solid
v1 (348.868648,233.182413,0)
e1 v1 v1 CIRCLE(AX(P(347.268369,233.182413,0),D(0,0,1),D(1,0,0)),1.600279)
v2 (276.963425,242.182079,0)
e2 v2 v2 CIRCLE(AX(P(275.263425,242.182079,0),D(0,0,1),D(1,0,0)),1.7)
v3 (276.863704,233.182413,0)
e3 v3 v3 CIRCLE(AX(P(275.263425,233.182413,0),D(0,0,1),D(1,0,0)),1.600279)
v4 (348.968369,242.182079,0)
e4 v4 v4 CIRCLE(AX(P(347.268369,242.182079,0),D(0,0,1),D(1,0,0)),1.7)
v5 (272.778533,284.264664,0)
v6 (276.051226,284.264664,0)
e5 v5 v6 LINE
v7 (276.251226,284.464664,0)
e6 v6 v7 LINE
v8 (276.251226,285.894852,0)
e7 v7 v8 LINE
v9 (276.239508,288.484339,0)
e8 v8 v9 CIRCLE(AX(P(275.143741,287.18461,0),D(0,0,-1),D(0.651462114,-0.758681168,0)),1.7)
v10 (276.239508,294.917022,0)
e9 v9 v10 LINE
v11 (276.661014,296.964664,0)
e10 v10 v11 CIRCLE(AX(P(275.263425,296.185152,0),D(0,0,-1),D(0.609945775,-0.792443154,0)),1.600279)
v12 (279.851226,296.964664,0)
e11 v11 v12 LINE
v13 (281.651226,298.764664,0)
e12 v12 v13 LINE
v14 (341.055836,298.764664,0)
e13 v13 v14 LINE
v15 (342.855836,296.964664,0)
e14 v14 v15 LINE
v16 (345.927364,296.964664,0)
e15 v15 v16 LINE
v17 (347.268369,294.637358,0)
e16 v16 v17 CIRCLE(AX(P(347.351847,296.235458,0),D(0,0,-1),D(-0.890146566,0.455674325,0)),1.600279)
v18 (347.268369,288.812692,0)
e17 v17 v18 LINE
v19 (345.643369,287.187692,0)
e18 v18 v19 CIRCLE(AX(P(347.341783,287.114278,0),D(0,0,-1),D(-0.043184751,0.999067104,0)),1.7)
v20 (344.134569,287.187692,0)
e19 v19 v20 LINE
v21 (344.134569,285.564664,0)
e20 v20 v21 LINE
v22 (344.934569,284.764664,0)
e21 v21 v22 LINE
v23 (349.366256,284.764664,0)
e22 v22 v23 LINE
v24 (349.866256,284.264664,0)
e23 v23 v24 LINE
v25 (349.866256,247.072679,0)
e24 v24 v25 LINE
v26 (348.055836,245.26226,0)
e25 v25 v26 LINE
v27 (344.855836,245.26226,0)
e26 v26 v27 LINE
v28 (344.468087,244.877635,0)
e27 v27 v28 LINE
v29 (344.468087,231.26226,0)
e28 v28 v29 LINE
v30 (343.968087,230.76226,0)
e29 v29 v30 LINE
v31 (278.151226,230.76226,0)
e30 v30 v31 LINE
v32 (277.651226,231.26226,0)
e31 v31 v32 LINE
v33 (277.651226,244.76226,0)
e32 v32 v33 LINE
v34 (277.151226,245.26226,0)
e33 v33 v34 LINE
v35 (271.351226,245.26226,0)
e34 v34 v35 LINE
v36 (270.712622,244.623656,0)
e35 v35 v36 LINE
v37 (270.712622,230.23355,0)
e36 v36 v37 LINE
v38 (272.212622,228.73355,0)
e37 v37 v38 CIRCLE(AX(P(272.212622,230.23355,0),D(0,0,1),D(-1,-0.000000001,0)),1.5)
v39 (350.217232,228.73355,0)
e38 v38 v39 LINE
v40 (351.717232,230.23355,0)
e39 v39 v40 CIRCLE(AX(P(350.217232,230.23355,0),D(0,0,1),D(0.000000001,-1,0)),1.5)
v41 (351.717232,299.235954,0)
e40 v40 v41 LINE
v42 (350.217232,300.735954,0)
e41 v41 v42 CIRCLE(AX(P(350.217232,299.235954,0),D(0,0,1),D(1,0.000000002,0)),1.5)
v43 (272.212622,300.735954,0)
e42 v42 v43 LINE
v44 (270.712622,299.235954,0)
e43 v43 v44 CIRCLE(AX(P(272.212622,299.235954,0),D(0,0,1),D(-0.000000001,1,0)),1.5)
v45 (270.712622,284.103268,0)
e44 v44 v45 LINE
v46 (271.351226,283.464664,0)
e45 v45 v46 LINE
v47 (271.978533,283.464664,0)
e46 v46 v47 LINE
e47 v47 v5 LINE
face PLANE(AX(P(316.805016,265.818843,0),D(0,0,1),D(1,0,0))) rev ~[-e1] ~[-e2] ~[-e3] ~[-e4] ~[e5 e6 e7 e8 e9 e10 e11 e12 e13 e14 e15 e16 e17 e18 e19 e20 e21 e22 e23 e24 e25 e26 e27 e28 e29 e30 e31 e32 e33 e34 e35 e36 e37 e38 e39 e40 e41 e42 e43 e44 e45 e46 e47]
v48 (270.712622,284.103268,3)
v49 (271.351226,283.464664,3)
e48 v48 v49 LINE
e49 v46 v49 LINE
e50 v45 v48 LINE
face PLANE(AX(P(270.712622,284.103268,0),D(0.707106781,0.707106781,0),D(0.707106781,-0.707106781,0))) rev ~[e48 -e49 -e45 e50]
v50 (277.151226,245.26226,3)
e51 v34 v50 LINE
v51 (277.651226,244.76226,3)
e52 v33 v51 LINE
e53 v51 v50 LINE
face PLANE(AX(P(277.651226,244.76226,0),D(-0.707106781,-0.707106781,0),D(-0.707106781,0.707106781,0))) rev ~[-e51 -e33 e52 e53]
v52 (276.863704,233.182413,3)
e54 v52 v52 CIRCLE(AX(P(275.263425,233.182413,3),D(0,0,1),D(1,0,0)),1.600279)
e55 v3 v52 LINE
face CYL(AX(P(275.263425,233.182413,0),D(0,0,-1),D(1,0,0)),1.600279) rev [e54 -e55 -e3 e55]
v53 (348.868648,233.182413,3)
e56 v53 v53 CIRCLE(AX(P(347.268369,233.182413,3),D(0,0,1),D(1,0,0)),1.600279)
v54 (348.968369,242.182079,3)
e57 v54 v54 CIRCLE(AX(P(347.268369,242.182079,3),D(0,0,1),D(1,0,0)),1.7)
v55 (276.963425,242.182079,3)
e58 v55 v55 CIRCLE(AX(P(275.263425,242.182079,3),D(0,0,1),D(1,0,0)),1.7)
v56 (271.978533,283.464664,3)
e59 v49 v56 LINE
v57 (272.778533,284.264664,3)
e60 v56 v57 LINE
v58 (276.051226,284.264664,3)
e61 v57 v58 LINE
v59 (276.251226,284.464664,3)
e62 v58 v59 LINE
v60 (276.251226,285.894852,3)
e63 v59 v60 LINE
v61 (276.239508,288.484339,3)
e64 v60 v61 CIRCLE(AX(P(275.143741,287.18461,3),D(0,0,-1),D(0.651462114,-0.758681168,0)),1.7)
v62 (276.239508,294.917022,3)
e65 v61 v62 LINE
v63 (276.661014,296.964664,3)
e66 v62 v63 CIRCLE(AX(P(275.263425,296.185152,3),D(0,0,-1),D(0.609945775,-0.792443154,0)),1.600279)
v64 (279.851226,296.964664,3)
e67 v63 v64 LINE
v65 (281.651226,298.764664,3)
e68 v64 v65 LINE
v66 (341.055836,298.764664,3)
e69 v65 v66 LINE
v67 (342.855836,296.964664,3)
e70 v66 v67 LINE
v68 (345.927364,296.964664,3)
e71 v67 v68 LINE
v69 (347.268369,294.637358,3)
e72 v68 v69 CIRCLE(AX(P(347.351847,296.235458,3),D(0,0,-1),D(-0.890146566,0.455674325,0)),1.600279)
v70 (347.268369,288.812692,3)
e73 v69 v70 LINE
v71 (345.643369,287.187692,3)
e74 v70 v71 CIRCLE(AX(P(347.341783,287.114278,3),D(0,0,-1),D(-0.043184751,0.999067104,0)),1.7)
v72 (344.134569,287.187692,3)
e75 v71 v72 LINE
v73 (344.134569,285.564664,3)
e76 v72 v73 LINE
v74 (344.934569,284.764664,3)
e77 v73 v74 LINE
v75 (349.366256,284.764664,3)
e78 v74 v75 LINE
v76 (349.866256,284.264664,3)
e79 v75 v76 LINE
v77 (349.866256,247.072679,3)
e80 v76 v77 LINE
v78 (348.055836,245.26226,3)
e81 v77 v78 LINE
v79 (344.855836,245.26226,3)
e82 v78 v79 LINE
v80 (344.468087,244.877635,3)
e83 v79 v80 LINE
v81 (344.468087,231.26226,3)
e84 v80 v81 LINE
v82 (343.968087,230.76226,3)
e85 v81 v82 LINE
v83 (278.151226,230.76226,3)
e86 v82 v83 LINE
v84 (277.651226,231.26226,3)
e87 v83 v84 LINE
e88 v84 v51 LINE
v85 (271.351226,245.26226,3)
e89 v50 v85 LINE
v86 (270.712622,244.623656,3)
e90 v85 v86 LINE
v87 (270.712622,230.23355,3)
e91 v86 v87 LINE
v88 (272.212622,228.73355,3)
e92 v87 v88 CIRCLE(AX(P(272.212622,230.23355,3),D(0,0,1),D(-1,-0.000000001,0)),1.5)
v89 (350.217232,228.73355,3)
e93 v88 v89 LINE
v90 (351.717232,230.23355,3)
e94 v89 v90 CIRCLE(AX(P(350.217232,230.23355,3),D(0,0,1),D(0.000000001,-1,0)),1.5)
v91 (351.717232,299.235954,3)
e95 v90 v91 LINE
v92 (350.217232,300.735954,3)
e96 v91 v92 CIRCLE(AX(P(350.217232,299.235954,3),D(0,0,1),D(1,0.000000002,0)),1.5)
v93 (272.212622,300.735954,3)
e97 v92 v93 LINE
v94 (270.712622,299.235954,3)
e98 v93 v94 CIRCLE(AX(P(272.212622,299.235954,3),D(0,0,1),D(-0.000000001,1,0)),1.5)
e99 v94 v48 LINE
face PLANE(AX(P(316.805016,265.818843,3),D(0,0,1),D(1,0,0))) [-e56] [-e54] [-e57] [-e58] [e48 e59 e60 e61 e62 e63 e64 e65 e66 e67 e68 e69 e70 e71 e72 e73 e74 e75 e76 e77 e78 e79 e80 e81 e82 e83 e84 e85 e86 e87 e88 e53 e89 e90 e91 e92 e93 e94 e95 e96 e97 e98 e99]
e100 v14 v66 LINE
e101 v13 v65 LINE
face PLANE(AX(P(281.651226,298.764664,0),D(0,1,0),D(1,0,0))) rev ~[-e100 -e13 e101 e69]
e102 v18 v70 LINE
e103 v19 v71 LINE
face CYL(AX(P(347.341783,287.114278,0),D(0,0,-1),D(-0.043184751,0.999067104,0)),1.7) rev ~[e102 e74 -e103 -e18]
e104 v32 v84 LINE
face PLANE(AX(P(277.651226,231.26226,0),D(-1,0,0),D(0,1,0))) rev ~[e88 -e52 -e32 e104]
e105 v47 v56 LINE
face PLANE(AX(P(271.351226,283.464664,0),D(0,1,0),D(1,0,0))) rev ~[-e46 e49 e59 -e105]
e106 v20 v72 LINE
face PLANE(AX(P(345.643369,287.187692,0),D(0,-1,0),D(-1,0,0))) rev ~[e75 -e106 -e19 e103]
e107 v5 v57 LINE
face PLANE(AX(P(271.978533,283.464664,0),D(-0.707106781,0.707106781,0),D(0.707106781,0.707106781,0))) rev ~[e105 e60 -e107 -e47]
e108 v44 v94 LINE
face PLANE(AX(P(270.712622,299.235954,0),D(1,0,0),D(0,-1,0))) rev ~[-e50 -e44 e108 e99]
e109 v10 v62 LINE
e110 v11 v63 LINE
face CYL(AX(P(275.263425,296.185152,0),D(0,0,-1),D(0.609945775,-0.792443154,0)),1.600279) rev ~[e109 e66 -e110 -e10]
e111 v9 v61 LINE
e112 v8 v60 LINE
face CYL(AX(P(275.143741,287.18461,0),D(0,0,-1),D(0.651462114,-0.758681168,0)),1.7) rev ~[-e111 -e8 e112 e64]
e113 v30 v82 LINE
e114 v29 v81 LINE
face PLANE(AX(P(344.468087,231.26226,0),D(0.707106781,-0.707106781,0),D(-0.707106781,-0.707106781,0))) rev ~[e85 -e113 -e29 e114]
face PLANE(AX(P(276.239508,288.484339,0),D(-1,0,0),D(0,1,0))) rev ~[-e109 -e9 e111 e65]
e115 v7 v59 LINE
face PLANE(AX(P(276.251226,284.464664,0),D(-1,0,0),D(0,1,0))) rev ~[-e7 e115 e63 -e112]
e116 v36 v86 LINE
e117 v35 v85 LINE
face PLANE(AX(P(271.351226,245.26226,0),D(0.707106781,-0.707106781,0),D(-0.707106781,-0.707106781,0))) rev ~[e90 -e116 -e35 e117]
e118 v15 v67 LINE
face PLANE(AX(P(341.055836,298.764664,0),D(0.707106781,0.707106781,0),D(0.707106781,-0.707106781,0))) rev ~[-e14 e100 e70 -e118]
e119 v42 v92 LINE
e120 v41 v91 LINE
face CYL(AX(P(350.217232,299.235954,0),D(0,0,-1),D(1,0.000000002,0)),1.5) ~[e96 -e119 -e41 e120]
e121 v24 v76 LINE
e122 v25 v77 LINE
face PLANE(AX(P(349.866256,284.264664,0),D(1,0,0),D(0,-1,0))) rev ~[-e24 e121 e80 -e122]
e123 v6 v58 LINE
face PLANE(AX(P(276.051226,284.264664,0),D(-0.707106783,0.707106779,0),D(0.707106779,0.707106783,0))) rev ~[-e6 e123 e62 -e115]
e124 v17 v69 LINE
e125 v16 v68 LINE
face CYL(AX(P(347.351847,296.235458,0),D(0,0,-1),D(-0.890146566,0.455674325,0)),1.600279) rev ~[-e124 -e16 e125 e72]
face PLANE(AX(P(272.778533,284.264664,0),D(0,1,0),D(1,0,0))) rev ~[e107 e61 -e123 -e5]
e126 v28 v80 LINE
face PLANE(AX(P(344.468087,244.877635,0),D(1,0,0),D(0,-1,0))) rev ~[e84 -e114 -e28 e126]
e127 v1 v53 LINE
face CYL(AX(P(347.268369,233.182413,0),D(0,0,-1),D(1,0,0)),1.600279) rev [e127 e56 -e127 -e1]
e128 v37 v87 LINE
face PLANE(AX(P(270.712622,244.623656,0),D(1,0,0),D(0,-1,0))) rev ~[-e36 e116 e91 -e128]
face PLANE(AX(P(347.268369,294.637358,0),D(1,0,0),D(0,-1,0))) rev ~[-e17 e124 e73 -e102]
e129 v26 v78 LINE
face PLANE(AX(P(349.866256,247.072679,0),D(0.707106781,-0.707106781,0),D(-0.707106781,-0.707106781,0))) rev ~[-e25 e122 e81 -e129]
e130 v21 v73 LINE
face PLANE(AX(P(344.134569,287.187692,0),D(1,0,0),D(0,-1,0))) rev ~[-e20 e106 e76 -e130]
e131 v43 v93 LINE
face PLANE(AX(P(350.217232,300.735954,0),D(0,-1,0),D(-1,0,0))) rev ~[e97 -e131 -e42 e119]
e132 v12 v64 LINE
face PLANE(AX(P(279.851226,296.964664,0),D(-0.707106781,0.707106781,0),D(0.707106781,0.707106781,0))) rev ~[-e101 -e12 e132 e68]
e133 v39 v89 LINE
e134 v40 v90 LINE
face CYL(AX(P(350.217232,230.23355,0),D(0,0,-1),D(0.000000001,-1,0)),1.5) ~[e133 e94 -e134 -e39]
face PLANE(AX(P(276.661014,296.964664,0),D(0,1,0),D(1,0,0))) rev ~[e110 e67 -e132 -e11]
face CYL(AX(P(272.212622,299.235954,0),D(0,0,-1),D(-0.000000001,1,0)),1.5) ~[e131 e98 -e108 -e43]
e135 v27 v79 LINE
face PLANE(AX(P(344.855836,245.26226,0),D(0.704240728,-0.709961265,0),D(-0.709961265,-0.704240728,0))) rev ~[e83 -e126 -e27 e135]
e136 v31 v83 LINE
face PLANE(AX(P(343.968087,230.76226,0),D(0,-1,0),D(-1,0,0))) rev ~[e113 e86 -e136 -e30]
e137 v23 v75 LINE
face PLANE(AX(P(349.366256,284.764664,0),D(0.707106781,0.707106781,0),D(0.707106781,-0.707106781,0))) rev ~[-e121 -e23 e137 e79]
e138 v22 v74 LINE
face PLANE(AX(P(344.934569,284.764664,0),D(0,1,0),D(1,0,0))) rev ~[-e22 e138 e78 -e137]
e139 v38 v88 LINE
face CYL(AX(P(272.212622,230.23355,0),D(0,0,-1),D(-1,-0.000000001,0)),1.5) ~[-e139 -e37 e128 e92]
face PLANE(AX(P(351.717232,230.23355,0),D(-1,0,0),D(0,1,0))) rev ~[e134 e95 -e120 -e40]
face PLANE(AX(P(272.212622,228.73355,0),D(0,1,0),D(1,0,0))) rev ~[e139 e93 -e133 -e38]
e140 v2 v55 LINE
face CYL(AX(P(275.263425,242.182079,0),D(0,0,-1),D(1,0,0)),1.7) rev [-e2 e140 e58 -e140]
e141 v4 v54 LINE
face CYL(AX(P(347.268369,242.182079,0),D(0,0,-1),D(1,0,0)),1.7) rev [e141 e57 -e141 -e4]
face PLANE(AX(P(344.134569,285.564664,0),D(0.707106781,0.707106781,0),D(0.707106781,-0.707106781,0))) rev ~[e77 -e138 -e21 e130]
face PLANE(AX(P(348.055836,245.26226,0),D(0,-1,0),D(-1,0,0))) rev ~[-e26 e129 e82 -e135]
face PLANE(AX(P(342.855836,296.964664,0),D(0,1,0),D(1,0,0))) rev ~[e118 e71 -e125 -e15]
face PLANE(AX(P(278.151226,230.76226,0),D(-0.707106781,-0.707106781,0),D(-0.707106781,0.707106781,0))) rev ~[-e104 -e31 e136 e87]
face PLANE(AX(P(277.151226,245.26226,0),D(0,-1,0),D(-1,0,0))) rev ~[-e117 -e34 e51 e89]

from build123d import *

# Parameters (mm, degrees)
MODEL_R                 = 1.600279216
MODEL_R_2               = 1.7
SALIENTE_EXTRUIR2_DEPTH = 3


with BuildPart() as part:
    # Model → Saliente-Extruir2 (new body)
    with BuildSketch(Plane.XY):
        with BuildLine():
            Line((271.351226454, 245.262259879), (270.71262235, 244.623655775))
            Line((270.71262235, 244.623655775), (270.71262235, 230.233550186))
            ThreePointArc((270.71262235, 230.233550186), (271.151962178, 229.172890015), (272.21262235, 228.733550186))
            Line((272.21262235, 228.733550186), (350.217232207, 228.733550186))
            ThreePointArc((350.217232207, 228.733550186), (351.277892379, 229.172890015), (351.717232207, 230.233550186))
            Line((351.717232207, 230.233550186), (351.717232207, 299.235954421))
            ThreePointArc((351.717232208, 299.235954421), (351.277892379, 300.296614592), (350.217232207, 300.735954421))
            Line((350.217232207, 300.735954421), (272.21262235, 300.735954421))
            ThreePointArc((272.21262235, 300.735954421), (271.151962178, 300.296614592), (270.71262235, 299.235954421))
            Line((270.71262235, 299.235954421), (270.71262235, 284.103268217))
            Line((270.71262235, 284.103268217), (271.351226454, 283.464664113))
            Line((271.351226454, 283.464664113), (271.97853318, 283.464664113))
            Line((271.97853318, 283.464664113), (272.77853318, 284.264664113))
            Line((272.77853318, 284.264664113), (276.051226454, 284.264664113))
            Line((276.051226454, 284.264664113), (276.251226454, 284.464664114))
            Line((276.251226454, 284.464664114), (276.251226454, 285.894852324))
            ThreePointArc((276.251226454, 285.894852324), (273.443758266, 287.176917482), (276.239508411, 288.48433854))
            Line((276.239508411, 288.48433854), (276.239508411, 294.917021597))
            ThreePointArc((276.239508411, 294.917021597), (273.696009795, 296.507802753), (276.661013605, 296.964664113))
            Line((276.661013605, 296.964664113), (279.851226454, 296.964664113))
            Line((279.851226454, 296.964664113), (281.651226454, 298.764664113))
            Line((281.651226454, 298.764664113), (341.055836311, 298.764664113))
            Line((341.055836311, 298.764664113), (342.855836311, 296.964664113))
            Line((342.855836311, 296.964664113), (345.9273642, 296.964664113))
            ThreePointArc((345.9273642, 296.964664113), (348.738416986, 297.034405979), (347.268369224, 294.637357529))
            Line((347.268369224, 294.637357529), (347.268369224, 288.812692031))
            ThreePointArc((347.268369224, 288.812692031), (348.543864828, 285.912196427), (345.643369224, 287.187692032))
            Line((345.643369224, 287.187692032), (344.134568969, 287.187692032))
            Line((344.134568969, 287.187692032), (344.134568969, 285.564664113))
            Line((344.134568969, 285.564664113), (344.934568969, 284.764664113))
            Line((344.934568969, 284.764664113), (349.36625565, 284.764664113))
            Line((349.36625565, 284.764664113), (349.86625565, 284.264664113))
            Line((349.86625565, 284.264664113), (349.86625565, 247.072679218))
            Line((349.86625565, 247.072679218), (348.055836311, 245.262259879))
            Line((348.055836311, 245.262259879), (344.855836311, 245.262259879))
            Line((344.855836311, 245.262259879), (344.468087014, 244.877634885))
            Line((344.468087014, 244.877634885), (344.468087014, 231.262259879))
            Line((344.468087014, 231.262259879), (343.968087014, 230.762259879))
            Line((343.968087014, 230.762259879), (278.151226454, 230.762259879))
            Line((278.151226454, 230.762259879), (277.651226454, 231.262259879))
            Line((277.651226454, 231.262259879), (277.651226454, 244.762259879))
            Line((277.651226454, 244.762259879), (277.151226454, 245.262259879))
            Line((277.151226454, 245.262259879), (271.351226454, 245.262259879))
        make_face()
        with Locations((275.263424864, 233.182413169)):
            Circle(MODEL_R, mode=Mode.SUBTRACT)
        with Locations((275.263424864, 242.182078667)):
            Circle(MODEL_R_2, mode=Mode.SUBTRACT)
        with Locations((347.268369224, 233.182413169)):
            Circle(MODEL_R, mode=Mode.SUBTRACT)
        with Locations((347.268369224, 242.182078667)):
            Circle(MODEL_R_2, mode=Mode.SUBTRACT)
    extrude(amount=SALIENTE_EXTRUIR2_DEPTH)


solid = part.part
